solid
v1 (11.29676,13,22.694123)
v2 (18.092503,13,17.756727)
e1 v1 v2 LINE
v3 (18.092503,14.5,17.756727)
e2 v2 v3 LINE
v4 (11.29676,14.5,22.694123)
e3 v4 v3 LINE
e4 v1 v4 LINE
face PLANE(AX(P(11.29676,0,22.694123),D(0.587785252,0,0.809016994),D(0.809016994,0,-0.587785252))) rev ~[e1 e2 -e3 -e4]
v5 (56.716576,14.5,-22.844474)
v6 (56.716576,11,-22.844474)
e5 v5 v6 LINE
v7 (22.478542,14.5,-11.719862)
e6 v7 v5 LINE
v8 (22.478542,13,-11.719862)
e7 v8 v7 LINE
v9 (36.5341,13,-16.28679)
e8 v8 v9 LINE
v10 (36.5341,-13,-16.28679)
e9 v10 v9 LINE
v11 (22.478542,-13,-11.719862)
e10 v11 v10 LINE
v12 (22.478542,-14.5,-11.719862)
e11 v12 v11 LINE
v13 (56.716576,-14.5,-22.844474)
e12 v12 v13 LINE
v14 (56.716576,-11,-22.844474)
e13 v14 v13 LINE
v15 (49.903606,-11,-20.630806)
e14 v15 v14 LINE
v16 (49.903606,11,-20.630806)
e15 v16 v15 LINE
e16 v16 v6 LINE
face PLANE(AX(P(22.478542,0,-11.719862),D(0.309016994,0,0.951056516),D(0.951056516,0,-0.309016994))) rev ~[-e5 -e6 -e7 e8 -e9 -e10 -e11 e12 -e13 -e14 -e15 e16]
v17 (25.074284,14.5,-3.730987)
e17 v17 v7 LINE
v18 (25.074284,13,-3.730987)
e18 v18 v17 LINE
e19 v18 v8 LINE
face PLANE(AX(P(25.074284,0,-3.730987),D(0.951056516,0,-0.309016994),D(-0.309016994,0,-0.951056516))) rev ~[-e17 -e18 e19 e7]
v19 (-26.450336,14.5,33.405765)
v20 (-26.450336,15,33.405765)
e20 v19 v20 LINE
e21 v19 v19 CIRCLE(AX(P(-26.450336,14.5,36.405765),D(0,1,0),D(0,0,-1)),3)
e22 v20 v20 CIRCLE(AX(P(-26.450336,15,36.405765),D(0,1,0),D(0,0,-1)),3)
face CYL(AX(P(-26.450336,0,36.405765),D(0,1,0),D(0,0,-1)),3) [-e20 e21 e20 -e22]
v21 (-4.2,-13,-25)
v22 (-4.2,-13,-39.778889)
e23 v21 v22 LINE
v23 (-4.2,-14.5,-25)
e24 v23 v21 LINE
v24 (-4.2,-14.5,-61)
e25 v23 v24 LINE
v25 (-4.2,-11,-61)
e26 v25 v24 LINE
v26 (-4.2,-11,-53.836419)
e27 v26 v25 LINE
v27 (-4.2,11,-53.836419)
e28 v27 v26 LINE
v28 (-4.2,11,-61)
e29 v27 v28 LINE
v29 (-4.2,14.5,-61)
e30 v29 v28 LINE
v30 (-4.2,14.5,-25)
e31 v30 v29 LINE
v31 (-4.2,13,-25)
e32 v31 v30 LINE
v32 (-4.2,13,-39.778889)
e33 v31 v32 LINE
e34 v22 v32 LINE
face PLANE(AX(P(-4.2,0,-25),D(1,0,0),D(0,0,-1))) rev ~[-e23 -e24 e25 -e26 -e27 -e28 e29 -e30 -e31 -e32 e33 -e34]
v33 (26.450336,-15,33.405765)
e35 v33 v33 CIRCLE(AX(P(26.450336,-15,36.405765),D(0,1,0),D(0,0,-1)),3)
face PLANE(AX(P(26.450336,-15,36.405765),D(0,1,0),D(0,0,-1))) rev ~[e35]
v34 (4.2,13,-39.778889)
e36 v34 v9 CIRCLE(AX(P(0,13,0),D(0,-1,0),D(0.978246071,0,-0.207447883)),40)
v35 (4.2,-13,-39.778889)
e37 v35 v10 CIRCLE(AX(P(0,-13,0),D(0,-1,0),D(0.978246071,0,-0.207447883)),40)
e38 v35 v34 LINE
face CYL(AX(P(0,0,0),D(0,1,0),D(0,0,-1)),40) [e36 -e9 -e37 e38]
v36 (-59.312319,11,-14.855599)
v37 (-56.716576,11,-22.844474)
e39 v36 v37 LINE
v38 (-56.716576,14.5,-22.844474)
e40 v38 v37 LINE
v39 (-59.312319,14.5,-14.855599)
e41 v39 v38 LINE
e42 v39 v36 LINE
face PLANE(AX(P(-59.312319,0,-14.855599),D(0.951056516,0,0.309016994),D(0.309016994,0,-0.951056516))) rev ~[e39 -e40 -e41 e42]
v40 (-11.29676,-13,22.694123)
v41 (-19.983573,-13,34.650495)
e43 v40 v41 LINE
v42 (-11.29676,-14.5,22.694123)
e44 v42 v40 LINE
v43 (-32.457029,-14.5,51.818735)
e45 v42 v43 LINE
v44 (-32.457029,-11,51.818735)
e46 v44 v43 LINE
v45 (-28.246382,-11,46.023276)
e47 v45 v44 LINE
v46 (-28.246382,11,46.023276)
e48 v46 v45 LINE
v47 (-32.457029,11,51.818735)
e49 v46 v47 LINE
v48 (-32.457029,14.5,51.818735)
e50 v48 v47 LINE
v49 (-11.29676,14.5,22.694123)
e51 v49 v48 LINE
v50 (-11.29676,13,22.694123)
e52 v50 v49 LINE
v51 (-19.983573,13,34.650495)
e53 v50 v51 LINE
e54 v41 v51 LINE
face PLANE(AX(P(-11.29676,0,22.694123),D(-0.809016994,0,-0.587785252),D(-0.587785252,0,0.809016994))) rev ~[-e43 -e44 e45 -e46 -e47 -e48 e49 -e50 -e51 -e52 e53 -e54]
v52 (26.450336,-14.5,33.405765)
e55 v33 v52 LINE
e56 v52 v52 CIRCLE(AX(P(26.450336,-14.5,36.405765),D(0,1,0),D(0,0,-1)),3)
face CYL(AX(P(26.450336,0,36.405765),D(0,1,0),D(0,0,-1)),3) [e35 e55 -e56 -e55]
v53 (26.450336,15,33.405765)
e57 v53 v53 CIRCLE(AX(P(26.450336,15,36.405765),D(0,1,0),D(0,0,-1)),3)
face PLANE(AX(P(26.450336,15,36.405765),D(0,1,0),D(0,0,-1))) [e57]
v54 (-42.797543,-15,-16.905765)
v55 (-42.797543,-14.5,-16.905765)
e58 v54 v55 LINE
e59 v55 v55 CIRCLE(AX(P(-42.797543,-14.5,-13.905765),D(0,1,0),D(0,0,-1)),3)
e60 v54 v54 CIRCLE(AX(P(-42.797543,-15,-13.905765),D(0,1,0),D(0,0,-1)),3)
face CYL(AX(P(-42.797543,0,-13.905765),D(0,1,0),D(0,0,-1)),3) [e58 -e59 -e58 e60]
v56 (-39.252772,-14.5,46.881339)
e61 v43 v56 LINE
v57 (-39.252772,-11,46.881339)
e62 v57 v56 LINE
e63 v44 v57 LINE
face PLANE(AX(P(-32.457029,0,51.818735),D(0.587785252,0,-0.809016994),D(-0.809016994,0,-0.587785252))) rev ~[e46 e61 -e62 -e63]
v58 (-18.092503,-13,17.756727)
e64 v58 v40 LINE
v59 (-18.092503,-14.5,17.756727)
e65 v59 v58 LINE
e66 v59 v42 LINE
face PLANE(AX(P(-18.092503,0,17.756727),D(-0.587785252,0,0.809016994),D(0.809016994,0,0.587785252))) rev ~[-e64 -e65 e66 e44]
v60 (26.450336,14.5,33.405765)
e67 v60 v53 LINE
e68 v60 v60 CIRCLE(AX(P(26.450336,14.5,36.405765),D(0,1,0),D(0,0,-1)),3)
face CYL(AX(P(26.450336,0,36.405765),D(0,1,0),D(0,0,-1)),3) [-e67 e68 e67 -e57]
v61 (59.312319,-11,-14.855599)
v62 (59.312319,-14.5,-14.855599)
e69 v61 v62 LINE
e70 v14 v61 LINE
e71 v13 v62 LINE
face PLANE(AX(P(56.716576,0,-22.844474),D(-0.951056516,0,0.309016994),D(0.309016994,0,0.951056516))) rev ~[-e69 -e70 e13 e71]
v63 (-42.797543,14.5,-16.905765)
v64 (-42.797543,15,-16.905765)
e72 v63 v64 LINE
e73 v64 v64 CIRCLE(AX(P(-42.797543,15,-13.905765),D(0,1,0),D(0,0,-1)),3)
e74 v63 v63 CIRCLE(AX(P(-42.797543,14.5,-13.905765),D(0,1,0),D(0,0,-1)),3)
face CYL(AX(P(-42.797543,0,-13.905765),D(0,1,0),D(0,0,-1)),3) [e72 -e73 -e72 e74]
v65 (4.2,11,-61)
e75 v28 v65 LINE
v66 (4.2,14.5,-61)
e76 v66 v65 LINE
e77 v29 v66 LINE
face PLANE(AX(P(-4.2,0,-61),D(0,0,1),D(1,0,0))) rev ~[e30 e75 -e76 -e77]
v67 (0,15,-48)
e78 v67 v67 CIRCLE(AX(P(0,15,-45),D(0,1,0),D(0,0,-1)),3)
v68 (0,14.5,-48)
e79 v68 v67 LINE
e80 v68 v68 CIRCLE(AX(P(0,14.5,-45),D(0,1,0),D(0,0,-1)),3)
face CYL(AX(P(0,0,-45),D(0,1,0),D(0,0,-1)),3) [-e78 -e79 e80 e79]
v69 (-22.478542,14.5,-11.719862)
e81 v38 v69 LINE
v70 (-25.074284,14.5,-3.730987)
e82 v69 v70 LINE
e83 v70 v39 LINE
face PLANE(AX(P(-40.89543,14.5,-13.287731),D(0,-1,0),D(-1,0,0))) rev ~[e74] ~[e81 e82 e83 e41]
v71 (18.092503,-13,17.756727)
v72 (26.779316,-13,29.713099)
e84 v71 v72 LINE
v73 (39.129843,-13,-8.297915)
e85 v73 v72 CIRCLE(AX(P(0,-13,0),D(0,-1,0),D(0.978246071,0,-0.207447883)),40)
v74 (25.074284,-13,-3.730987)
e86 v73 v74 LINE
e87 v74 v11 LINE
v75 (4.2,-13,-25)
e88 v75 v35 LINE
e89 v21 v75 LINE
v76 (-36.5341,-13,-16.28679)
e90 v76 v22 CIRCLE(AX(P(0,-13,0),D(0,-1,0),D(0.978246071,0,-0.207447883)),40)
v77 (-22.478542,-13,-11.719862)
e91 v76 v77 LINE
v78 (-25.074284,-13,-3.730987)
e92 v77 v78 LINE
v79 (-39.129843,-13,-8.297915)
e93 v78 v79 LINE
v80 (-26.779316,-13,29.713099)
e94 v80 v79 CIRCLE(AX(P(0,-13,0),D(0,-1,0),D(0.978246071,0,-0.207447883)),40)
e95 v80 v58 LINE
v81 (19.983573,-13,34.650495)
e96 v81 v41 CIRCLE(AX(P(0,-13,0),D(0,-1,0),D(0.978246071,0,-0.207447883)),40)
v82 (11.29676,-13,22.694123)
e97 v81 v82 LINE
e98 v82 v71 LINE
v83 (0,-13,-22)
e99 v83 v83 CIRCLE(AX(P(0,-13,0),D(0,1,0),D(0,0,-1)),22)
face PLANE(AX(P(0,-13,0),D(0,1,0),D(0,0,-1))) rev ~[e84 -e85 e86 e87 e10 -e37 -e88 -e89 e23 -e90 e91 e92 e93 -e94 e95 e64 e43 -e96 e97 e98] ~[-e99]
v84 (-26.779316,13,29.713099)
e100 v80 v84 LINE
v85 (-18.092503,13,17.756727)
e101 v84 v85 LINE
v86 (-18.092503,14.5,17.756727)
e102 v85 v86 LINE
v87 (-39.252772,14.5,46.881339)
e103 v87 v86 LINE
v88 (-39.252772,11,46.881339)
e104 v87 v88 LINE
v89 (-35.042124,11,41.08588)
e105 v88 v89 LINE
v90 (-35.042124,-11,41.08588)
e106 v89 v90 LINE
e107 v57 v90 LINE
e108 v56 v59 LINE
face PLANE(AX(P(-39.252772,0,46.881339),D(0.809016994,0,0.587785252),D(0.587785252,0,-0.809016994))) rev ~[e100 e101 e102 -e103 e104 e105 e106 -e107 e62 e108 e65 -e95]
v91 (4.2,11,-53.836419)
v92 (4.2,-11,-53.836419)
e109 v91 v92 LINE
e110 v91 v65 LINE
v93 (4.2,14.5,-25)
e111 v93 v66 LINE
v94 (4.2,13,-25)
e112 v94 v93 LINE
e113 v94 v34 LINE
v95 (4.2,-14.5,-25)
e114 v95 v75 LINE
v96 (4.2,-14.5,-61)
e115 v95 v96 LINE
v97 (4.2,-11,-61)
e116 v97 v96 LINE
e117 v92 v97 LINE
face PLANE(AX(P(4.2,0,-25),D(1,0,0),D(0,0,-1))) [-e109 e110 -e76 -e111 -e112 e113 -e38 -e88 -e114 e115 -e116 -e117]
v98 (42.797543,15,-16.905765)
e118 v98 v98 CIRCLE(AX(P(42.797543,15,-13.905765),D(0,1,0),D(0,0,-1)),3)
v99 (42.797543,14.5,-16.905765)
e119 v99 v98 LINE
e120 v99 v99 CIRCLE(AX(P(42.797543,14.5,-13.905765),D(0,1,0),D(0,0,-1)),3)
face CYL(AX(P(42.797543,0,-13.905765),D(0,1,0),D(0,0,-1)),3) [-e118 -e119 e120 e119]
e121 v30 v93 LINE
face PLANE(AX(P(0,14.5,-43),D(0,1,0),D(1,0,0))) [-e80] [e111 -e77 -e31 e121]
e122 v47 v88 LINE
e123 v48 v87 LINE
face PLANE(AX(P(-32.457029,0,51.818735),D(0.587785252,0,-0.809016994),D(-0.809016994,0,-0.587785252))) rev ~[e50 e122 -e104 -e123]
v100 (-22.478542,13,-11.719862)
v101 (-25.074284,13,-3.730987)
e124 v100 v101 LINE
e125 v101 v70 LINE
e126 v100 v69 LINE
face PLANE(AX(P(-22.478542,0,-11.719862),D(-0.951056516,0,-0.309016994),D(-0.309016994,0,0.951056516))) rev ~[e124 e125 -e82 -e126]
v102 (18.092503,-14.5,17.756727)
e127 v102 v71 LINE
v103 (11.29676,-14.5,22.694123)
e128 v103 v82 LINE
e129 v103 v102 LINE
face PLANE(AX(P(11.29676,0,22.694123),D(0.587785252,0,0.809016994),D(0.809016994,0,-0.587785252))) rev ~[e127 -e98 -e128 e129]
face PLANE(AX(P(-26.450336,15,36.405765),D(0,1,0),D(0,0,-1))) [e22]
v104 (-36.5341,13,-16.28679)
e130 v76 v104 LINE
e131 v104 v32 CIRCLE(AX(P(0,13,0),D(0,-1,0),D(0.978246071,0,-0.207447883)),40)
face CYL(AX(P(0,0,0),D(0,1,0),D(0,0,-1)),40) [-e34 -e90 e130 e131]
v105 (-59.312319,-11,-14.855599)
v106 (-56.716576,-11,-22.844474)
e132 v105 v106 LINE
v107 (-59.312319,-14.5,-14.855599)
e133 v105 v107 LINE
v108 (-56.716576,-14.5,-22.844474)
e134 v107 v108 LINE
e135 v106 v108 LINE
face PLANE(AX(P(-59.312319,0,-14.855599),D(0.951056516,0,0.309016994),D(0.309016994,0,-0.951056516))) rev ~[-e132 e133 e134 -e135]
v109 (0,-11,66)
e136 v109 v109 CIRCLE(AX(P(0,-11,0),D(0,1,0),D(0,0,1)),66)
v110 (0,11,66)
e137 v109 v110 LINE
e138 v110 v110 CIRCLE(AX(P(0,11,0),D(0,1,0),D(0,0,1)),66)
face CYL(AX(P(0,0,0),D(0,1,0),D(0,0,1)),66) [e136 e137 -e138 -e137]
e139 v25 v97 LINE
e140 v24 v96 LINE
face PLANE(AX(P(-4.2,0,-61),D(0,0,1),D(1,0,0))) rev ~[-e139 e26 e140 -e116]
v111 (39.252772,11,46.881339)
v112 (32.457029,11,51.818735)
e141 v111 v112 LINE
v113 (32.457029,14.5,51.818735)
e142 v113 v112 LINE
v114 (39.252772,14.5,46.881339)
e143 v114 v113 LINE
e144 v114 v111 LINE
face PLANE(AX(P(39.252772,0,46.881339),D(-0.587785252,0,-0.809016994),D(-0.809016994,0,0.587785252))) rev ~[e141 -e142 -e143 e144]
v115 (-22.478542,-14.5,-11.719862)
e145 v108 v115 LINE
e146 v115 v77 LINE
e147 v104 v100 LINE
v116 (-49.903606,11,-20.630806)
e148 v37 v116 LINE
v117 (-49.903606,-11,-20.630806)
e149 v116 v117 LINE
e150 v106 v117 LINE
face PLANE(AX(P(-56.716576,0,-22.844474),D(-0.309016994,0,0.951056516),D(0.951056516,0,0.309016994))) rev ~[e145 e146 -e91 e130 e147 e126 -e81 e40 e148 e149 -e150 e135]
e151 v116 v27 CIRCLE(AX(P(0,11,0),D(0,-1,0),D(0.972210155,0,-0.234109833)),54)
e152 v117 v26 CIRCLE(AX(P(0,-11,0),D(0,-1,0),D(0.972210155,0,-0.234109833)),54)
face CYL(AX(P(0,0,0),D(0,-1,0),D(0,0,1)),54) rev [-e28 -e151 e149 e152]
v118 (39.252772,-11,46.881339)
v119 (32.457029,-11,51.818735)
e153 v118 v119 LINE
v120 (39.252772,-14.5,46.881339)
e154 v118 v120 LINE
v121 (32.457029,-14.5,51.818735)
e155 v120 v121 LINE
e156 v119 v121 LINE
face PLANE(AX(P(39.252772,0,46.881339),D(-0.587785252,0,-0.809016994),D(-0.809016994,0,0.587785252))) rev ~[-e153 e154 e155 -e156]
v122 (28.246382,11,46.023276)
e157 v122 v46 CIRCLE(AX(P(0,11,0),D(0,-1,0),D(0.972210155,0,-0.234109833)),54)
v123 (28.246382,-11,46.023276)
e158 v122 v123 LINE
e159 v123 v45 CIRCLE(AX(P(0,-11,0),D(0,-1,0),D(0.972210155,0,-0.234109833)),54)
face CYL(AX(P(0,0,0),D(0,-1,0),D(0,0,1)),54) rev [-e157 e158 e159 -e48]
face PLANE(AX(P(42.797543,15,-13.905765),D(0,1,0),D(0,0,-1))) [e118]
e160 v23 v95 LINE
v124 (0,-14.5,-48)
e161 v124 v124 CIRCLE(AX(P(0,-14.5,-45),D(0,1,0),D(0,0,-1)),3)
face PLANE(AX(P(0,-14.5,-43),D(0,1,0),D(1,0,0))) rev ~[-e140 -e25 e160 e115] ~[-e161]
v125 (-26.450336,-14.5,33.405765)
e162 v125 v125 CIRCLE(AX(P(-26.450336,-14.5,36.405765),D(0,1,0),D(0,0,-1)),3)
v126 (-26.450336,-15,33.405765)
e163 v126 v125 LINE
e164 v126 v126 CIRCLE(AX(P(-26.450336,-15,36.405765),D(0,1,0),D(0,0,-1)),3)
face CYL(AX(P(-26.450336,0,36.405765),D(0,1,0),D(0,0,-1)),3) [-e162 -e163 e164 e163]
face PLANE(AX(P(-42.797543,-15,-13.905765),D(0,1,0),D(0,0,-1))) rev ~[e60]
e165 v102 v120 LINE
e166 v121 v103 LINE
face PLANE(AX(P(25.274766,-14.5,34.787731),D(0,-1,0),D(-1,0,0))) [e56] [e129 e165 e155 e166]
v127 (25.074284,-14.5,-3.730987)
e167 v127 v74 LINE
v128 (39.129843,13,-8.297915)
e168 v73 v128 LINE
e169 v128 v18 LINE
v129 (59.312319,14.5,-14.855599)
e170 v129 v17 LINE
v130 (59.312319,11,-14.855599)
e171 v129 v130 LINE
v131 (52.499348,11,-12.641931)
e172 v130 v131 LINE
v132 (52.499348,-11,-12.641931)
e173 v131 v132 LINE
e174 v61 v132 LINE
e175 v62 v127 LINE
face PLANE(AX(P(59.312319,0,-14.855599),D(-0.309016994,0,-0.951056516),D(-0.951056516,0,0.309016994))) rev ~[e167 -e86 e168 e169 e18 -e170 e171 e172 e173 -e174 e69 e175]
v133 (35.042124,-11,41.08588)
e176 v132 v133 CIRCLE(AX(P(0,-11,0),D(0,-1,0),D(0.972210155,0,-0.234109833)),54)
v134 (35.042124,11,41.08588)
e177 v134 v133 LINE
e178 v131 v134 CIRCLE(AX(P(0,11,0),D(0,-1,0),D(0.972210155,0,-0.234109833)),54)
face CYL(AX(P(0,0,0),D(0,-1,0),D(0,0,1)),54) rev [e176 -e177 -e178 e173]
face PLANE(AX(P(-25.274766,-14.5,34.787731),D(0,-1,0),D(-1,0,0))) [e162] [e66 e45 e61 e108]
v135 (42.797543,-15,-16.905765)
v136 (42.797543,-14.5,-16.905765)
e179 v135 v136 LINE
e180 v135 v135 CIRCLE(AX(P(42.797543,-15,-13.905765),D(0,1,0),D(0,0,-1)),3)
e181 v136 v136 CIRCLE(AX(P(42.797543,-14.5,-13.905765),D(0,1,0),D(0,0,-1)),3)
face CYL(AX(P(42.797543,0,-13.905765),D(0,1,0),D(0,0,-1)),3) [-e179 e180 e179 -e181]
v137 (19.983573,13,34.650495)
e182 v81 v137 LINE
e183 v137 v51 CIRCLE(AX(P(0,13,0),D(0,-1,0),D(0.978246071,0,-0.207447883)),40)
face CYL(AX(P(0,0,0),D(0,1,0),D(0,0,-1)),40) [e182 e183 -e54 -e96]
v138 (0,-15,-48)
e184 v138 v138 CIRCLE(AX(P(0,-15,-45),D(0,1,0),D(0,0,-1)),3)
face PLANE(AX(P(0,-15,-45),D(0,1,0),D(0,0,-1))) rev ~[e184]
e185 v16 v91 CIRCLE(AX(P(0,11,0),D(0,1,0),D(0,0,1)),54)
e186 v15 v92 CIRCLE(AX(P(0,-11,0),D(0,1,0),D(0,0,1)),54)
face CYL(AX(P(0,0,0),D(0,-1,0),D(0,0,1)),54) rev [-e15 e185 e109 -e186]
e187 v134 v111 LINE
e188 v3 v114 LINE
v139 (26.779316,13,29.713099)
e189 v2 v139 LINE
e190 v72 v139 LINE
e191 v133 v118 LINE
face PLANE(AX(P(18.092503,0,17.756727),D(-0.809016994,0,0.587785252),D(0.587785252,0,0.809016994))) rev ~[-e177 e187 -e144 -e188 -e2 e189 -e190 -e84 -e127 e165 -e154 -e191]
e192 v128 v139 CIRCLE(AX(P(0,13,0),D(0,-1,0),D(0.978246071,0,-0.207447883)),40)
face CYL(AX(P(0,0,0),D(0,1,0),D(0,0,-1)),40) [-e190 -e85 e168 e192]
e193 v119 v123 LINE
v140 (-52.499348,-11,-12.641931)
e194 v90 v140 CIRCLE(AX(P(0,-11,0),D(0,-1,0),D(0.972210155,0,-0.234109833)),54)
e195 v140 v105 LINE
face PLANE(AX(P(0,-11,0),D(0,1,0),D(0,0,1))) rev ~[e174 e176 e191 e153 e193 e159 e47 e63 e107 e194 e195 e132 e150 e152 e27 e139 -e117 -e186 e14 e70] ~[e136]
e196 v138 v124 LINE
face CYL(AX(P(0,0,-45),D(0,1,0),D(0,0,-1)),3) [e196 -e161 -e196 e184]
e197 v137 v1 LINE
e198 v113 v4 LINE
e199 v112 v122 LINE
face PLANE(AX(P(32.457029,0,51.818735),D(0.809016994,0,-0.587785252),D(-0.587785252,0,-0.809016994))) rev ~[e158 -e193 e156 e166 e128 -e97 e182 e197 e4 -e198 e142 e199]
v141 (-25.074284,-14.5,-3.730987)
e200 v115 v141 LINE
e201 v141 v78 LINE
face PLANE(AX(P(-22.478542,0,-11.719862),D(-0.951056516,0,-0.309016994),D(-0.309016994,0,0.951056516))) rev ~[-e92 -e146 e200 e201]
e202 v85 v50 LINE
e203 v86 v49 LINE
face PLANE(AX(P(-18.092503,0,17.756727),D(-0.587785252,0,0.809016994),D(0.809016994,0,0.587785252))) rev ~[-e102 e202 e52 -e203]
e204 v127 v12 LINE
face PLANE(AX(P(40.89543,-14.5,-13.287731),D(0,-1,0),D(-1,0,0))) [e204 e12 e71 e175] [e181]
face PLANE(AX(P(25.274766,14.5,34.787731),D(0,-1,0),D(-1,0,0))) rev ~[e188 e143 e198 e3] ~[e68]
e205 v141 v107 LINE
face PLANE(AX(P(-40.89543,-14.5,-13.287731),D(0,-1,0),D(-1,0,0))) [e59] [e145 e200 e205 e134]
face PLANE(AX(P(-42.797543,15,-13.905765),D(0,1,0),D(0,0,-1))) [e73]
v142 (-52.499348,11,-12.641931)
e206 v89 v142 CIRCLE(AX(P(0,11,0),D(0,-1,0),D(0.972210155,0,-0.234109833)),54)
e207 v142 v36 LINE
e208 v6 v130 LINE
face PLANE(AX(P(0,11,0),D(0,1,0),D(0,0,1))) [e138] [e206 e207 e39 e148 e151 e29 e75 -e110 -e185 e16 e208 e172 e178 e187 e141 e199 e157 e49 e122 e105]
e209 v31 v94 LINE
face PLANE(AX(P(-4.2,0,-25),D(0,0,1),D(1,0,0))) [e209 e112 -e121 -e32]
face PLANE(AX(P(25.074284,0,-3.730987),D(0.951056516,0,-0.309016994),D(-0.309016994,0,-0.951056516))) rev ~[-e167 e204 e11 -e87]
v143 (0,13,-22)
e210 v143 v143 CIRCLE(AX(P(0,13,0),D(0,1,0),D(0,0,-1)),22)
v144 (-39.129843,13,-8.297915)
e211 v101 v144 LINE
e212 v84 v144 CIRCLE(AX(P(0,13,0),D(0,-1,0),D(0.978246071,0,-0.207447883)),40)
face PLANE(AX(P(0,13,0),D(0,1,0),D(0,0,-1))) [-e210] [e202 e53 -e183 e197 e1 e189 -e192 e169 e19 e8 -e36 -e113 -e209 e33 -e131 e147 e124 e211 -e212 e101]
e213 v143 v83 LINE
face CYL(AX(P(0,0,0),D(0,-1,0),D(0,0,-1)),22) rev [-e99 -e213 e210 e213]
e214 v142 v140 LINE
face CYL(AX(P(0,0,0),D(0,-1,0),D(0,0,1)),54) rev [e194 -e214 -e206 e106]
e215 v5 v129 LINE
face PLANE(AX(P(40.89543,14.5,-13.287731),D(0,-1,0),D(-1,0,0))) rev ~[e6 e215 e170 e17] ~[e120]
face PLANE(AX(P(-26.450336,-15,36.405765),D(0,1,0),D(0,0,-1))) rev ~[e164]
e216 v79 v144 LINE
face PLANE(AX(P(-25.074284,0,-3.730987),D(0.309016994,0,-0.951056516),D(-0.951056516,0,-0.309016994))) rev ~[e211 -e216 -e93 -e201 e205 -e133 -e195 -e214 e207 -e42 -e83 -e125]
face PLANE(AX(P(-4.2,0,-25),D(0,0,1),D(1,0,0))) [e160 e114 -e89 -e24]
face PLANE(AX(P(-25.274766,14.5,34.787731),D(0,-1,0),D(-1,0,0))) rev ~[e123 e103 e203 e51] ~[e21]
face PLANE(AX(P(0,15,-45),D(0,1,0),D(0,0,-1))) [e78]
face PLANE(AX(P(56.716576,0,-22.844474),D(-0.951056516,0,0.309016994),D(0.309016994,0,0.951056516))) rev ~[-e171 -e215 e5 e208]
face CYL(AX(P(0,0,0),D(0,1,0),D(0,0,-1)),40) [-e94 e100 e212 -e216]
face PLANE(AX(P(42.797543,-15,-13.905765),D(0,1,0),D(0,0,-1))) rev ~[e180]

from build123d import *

# Parameters (mm, degrees)
SKETCH1_R            = 66
SKETCH1_R_2          = 54
RIM_OUTER_RING_DEPTH = 11
SKETCH2_R            = 40
SKETCH2_R_2          = 22
RIM_HUB_RING_DEPTH   = 13
RIM_SPOKE_1_DEPTH    = 14.5
SKETCH4_R            = 3
RIM_BOLT_PAD_1_DEPTH = 15
SKETCH5_W            = 8.4
SKETCH5_H            = 36
RIM_SPOKE_2_DEPTH    = 14.5
SKETCH6_R            = 3
RIM_BOLT_PAD_2_DEPTH = 15
RIM_SPOKE_3_DEPTH    = 14.5
SKETCH8_R            = 3
RIM_BOLT_PAD_3_DEPTH = 15
RIM_SPOKE_4_DEPTH    = 14.5
SKETCH10_R           = 3
RIM_BOLT_PAD_4_DEPTH = 15
RIM_SPOKE_5_DEPTH    = 14.5
SKETCH12_R           = 3
RIM_BOLT_PAD_5_DEPTH = 15


with BuildPart() as part:
    # Sketch1 → rim outer ring (new, symmetric)
    with BuildSketch(Plane(origin=(0, 0, 0), x_dir=(1, 0, 0), z_dir=(0, 1, 0))):
        with Locations(Location((0, 0, 0), (0, 0, 270))):
            Circle(SKETCH1_R)
        with Locations(Location((0, 0, 0), (0, 0, 270))):
            Circle(SKETCH1_R_2, mode=Mode.SUBTRACT)
    extrude(amount=RIM_OUTER_RING_DEPTH, both=True)



with BuildPart() as body_2:
    # Sketch2 → rim hub ring (new, symmetric)
    with BuildSketch(Plane(origin=(0, 0, 0), x_dir=(1, 0, 0), z_dir=(0, 1, 0))):
        with Locations(Location((0, 0, 0), (0, 0, 90))):
            Circle(SKETCH2_R)
        with Locations(Location((0, 0, 0), (0, 0, 90))):
            Circle(SKETCH2_R_2, mode=Mode.SUBTRACT)
    extrude(amount=RIM_HUB_RING_DEPTH, both=True)


with BuildPart() as part_1:
    add(part.part)

    add(body_2.part)  # rim spoke 1 merges body 2
    # Sketch3 → rim spoke 1 (add, symmetric)
    with BuildSketch(Plane(origin=(0, 0, 0), x_dir=(1, 0, 0), z_dir=(0, 1, 0))):
        Polygon((22.478541531, 11.719862228), (56.716576118, 22.844474025), (59.31231887, 14.855599288), (25.074284284, 3.730987491), align=None)
    extrude(amount=RIM_SPOKE_1_DEPTH, both=True)

    # Sketch4 → rim bolt pad 1 (add, symmetric)
    with BuildSketch(Plane(origin=(0, 0, 0), x_dir=(1, 0, 0), z_dir=(0, 1, 0))):
        with Locations(Location((42.797543233, 13.905764747, 0), (0, 0, 90))):
            Circle(SKETCH4_R)
    extrude(amount=RIM_BOLT_PAD_1_DEPTH, both=True)

    # Sketch5 → rim spoke 2 (add, symmetric)
    with BuildSketch(Plane(origin=(0, 0, 0), x_dir=(1, 0, 0), z_dir=(0, 1, 0))):
        with Locations((0, 43)):
            Rectangle(SKETCH5_W, SKETCH5_H)
    extrude(amount=RIM_SPOKE_2_DEPTH, both=True)

    # Sketch6 → rim bolt pad 2 (add, symmetric)
    with BuildSketch(Plane(origin=(0, 0, 0), x_dir=(1, 0, 0), z_dir=(0, 1, 0))):
        with Locations(Location((0, 45, 0), (0, 0, 90))):
            Circle(SKETCH6_R)
    extrude(amount=RIM_BOLT_PAD_2_DEPTH, both=True)

    # Sketch7 → rim spoke 3 (add, symmetric)
    with BuildSketch(Plane(origin=(0, 0, 0), x_dir=(1, 0, 0), z_dir=(0, 1, 0))):
        Polygon((-25.074284284, 3.730987491), (-59.31231887, 14.855599288), (-56.716576118, 22.844474025), (-22.478541531, 11.719862228), align=None)
    extrude(amount=RIM_SPOKE_3_DEPTH, both=True)

    # Sketch8 → rim bolt pad 3 (add, symmetric)
    with BuildSketch(Plane(origin=(0, 0, 0), x_dir=(1, 0, 0), z_dir=(0, 1, 0))):
        with Locations(Location((-42.797543233, 13.905764747, 0), (0, 0, 90))):
            Circle(SKETCH8_R)
    extrude(amount=RIM_BOLT_PAD_3_DEPTH, both=True)

    # Sketch9 → rim spoke 4 (add, symmetric)
    with BuildSketch(Plane(origin=(0, 0, 0), x_dir=(1, 0, 0), z_dir=(0, 1, 0))):
        Polygon((-11.296759931, -22.694122919), (-32.457029013, -51.818734717), (-39.252771766, -46.881338597), (-18.092502684, -17.7567268), align=None)
    extrude(amount=RIM_SPOKE_4_DEPTH, both=True)

    # Sketch10 → rim bolt pad 4 (add, symmetric)
    with BuildSketch(Plane(origin=(0, 0, 0), x_dir=(1, 0, 0), z_dir=(0, 1, 0))):
        with Locations(Location((-26.450336353, -36.405764747, 0), (0, 0, 90))):
            Circle(SKETCH10_R)
    extrude(amount=RIM_BOLT_PAD_4_DEPTH, both=True)

    # Sketch11 → rim spoke 5 (add, symmetric)
    with BuildSketch(Plane(origin=(0, 0, 0), x_dir=(1, 0, 0), z_dir=(0, 1, 0))):
        Polygon((18.092502684, -17.7567268), (39.252771766, -46.881338597), (32.457029013, -51.818734717), (11.296759931, -22.694122919), align=None)
    extrude(amount=RIM_SPOKE_5_DEPTH, both=True)

    # Sketch12 → rim bolt pad 5 (add, symmetric)
    with BuildSketch(Plane(origin=(0, 0, 0), x_dir=(1, 0, 0), z_dir=(0, 1, 0))):
        with Locations(Location((26.450336353, -36.405764747, 0), (0, 0, 90))):
            Circle(SKETCH12_R)
    extrude(amount=RIM_BOLT_PAD_5_DEPTH, both=True)


solid = part_1.part
